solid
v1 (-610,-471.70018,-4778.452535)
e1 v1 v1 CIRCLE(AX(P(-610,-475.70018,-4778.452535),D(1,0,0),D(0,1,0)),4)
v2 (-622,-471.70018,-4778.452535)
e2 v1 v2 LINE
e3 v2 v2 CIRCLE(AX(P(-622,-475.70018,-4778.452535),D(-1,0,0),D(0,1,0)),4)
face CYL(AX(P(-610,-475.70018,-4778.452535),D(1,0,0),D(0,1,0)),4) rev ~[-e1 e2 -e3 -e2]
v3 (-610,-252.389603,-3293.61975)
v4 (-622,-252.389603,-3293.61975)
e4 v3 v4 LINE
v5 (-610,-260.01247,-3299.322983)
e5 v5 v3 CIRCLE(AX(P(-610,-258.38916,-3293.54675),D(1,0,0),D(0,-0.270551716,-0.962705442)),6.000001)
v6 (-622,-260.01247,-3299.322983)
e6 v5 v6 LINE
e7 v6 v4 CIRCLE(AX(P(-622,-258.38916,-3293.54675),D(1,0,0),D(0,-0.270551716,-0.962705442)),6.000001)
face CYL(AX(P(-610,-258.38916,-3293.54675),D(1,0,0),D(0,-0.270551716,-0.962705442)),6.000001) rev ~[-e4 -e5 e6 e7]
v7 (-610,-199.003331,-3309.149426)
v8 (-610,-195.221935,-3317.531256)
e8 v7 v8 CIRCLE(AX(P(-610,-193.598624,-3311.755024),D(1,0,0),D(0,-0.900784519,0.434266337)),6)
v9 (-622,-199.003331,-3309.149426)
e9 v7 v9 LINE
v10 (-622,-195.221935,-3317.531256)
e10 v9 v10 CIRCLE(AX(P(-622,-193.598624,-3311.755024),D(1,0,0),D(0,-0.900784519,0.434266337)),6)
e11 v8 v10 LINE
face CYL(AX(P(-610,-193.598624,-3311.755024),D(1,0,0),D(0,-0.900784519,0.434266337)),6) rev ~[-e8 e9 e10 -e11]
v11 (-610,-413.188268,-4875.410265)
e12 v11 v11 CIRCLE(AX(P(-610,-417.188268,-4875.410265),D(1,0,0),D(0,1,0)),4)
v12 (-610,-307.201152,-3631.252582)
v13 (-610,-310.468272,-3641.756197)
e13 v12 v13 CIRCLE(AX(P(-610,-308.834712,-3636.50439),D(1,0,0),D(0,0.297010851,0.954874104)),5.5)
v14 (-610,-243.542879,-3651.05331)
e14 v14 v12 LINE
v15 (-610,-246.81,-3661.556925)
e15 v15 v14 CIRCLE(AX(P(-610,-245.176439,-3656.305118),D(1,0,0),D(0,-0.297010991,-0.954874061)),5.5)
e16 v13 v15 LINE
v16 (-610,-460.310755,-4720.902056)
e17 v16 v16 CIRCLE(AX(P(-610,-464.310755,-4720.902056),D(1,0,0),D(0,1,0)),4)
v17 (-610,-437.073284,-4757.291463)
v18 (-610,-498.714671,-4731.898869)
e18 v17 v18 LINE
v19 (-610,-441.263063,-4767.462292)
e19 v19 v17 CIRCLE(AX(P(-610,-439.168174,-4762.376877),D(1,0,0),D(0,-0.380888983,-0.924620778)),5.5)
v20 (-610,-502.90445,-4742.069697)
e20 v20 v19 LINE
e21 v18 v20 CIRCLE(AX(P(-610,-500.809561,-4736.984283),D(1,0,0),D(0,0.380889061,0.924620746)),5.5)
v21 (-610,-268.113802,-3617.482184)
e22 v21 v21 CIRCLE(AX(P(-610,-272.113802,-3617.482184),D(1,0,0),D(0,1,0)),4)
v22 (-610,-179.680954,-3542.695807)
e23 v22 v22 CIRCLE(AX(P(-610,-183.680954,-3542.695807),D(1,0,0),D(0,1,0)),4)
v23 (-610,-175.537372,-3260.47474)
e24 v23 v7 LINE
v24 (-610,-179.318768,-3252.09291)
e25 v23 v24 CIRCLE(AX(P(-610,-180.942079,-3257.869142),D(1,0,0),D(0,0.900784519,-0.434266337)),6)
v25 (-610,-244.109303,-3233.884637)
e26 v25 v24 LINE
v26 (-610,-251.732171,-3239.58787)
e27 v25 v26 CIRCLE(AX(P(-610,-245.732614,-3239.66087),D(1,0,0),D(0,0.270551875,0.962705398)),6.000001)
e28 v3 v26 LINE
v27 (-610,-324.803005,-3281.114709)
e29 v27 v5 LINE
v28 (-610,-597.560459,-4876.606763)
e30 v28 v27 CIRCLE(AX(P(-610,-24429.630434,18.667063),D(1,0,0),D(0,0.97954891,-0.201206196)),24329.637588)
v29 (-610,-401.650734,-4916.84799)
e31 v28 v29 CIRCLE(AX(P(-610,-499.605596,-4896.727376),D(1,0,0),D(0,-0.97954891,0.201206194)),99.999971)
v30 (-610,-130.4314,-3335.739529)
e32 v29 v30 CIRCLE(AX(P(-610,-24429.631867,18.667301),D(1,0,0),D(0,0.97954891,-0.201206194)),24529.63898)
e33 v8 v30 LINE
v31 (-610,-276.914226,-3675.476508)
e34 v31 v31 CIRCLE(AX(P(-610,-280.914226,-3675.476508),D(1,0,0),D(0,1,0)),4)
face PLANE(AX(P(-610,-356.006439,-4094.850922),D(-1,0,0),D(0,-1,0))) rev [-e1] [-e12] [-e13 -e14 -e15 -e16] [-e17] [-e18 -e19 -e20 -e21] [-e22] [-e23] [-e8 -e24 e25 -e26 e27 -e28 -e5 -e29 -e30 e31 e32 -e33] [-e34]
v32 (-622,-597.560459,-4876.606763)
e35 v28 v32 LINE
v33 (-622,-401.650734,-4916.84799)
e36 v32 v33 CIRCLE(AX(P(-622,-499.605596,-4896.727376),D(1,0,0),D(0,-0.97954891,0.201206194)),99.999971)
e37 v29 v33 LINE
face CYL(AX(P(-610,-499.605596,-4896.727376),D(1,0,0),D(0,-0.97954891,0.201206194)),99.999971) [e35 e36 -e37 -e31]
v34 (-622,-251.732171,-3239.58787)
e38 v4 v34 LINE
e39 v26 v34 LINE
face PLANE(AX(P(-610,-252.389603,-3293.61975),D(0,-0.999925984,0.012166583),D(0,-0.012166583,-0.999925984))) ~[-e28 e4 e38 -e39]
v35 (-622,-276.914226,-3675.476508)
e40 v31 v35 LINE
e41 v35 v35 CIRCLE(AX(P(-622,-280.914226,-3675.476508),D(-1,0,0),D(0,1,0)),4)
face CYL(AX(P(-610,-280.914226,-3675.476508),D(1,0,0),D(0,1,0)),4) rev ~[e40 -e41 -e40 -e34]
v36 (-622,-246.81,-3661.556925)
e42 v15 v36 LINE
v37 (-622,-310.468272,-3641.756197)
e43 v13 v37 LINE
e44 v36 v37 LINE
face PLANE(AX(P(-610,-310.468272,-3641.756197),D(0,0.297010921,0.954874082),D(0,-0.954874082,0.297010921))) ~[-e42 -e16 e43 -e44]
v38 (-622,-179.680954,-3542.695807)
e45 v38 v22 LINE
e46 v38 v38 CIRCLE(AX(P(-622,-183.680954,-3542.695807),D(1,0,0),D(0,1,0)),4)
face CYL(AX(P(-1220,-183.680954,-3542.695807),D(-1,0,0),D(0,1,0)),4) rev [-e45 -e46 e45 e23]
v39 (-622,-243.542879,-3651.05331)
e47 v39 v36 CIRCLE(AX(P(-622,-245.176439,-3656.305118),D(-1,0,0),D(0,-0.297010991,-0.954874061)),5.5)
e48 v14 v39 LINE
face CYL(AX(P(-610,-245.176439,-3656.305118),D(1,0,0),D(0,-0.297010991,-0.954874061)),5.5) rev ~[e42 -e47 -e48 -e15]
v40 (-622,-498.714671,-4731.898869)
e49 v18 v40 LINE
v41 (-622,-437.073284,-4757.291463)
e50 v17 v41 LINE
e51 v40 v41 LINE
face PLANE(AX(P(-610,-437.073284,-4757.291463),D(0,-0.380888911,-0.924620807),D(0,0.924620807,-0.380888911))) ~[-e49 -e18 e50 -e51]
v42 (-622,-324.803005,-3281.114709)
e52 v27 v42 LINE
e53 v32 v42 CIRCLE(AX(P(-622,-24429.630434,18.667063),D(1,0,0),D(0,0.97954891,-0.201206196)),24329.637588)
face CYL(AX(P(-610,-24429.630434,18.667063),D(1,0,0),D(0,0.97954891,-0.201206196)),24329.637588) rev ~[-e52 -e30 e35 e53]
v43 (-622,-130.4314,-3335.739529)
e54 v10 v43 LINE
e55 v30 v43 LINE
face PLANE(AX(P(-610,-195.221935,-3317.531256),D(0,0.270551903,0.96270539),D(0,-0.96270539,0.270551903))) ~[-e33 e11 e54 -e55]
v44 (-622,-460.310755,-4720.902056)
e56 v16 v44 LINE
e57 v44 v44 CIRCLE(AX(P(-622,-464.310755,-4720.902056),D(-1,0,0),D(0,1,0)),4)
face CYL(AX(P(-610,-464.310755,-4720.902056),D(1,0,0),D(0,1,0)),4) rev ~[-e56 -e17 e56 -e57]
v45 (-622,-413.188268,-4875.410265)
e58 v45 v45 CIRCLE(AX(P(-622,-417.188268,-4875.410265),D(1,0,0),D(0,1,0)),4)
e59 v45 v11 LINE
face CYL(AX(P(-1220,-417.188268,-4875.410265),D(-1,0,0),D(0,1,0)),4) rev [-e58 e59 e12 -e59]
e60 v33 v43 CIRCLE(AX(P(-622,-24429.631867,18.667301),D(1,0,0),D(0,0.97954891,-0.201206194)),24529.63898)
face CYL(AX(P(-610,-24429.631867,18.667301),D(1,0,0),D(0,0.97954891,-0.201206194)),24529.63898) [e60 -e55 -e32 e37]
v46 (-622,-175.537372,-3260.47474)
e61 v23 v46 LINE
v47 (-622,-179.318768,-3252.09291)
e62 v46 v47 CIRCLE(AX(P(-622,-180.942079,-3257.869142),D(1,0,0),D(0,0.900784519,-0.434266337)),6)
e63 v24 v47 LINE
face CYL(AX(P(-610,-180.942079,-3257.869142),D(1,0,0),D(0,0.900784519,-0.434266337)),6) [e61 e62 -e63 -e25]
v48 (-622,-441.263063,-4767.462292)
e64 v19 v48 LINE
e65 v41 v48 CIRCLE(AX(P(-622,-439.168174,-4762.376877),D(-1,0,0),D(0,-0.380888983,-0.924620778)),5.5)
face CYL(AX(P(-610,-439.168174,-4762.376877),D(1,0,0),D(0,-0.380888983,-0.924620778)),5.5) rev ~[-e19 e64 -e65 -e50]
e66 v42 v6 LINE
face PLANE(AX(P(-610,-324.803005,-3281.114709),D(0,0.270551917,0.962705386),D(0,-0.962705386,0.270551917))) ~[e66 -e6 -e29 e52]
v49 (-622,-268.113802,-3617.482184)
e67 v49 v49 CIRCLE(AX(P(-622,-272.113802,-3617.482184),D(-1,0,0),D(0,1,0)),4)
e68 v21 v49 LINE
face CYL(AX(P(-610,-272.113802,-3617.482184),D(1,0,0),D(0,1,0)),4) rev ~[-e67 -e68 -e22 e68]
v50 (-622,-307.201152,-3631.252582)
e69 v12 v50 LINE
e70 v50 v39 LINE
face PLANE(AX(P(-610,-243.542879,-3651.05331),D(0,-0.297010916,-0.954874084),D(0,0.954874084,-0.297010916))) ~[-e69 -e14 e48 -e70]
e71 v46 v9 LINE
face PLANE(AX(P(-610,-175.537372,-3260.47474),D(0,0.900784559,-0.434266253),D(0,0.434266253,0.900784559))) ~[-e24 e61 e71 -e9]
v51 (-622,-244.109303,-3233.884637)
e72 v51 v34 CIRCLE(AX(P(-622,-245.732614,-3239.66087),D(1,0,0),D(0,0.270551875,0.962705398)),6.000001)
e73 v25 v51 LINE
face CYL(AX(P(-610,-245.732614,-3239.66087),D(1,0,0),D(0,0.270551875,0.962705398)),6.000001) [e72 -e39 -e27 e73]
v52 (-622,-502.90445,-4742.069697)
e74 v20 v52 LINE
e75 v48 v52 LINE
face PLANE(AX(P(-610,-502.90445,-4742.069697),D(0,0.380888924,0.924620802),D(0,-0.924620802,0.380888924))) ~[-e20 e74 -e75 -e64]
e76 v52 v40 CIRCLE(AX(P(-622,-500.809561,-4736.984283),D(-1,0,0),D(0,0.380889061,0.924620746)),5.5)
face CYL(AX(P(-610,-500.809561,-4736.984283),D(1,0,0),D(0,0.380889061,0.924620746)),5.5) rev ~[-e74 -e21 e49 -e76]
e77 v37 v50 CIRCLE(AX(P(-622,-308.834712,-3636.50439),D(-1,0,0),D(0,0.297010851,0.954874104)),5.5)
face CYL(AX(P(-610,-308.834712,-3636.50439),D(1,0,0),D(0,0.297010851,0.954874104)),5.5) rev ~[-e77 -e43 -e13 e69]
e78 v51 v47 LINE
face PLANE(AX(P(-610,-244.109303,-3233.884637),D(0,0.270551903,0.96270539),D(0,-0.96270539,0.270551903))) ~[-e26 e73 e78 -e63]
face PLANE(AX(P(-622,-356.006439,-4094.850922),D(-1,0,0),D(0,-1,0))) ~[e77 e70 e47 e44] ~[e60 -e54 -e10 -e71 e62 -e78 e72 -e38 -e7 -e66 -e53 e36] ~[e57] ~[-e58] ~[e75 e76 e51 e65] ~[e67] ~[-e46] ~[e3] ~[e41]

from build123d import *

# Parameters (mm, degrees)
PAD007_DEPTH    = 12
SKETCH017_R     = 4
POCKET003_DEPTH = 12.001
SKETCH042_R     = 4
HOLE009_DEPTH   = 610.001


with BuildPart() as side_left_bottom_part:
    # Sketch016 → Pad007 (new body)
    with BuildSketch(Plane.YZ):
        with BuildLine():
            ThreePointArc((-597.560459, -4876.606763), (-519.72621, -4994.682239), (-401.650734, -4916.84799))
            ThreePointArc((-401.650734, -4916.84799), (-253.112342, -4128.51152), (-130.4314, -3335.739529))
            Line((-195.221935, -3317.531256), (-130.4314, -3335.739529))
            ThreePointArc((-199.003331, -3309.149426), (-199.067813, -3314.222405), (-195.221935, -3317.531256))
            Line((-175.537372, -3260.47474), (-199.003331, -3309.149426))
            ThreePointArc((-175.537372, -3260.47474), (-175.47289, -3255.401761), (-179.318768, -3252.09291))
            Line((-244.109303, -3233.884637), (-179.318768, -3252.09291))
            ThreePointArc((-244.109303, -3233.884637), (-249.326998, -3234.856662), (-251.732171, -3239.58787))
            Line((-252.389603, -3293.61975), (-251.732171, -3239.58787))
            ThreePointArc((-260.01247, -3299.322983), (-254.794775, -3298.350957), (-252.389603, -3293.61975))
            Line((-324.803005, -3281.114709), (-260.01247, -3299.322983))
            ThreePointArc((-597.560459, -4876.606763), (-447.909647, -4081.129666), (-324.803005, -3281.114709))
        make_face()
    extrude(amount=PAD007_DEPTH)

    # Sketch017 → Pocket003 (cut, through all)
    with BuildSketch(Plane.YZ):
        with Locations((-464.310755, -4720.902056)):
            Circle(SKETCH017_R)
        with Locations((-475.70018, -4778.452535)):
            Circle(SKETCH017_R)
        with Locations((-272.113802, -3617.482184)):
            Circle(SKETCH017_R)
        with Locations((-280.914226, -3675.476508)):
            Circle(SKETCH017_R)
        with Locations((-130.873609, -2506.378514)):
            Circle(SKETCH017_R)
        with Locations((-137.037316, -2564.720482)):
            Circle(SKETCH017_R)
        with BuildLine():
            ThreePointArc((-63.5924, -1210.755644), (-69.621614, -1215.669765), (-64.707493, -1221.698978))
            Line((-64.707493, -1221.698978), (1.615745, -1228.457117))
            ThreePointArc((1.615745, -1228.457117), (7.644959, -1223.542997), (2.730838, -1217.513783))
            Line((2.730838, -1217.513783), (-63.5924, -1210.755644))
        make_face()
        with BuildLine():
            ThreePointArc((-33.541666, -94.499783), (-39.041666, -99.999783), (-33.541666, -105.499783))
            Line((-33.541666, -105.499783), (33.125001, -105.499783))
            ThreePointArc((33.125001, -105.499783), (38.625001, -99.999783), (33.125001, -94.499783))
            Line((33.125001, -94.499783), (-33.541666, -94.499783))
        make_face()
        with BuildLine():
            ThreePointArc((-165.386078, -2523.207318), (-171.913956, -2527.436597), (-167.684677, -2533.964476))
            Line((-167.684677, -2533.964476), (-102.489783, -2547.895382))
            ThreePointArc((-102.489783, -2547.895382), (-95.961904, -2543.666103), (-100.191183, -2537.138225))
            Line((-100.191183, -2537.138225), (-165.386078, -2523.207318))
        make_face()
        with BuildLine():
            ThreePointArc((-307.201152, -3631.252582), (-314.086519, -3634.870829), (-310.468272, -3641.756197))
            Line((-310.468272, -3641.756197), (-246.81, -3661.556925))
            ThreePointArc((-246.81, -3661.556925), (-239.924632, -3657.938678), (-243.542879, -3651.05331))
            Line((-243.542879, -3651.05331), (-307.201152, -3631.252582))
        make_face()
        with BuildLine():
            ThreePointArc((-498.714671, -4731.898869), (-505.894975, -4734.889394), (-502.90445, -4742.069697))
            Line((-502.90445, -4742.069697), (-441.263063, -4767.462292))
            ThreePointArc((-441.263063, -4767.462292), (-434.082759, -4764.471767), (-437.073284, -4757.291463))
            Line((-437.073284, -4757.291463), (-498.714671, -4731.898869))
        make_face()
    extrude(amount=POCKET003_DEPTH, mode=Mode.SUBTRACT)

    # Sketch042 (on Face1 of ShapeBinder002) → Hole009 (cut, through all)
    with BuildSketch(Plane.YZ.offset(610)):
        with Locations((-183.680954, -3542.695807)):
            Circle(SKETCH042_R)
        with Locations((-417.188268, -4875.410265)):
            Circle(SKETCH042_R)
    extrude(amount=-HOLE009_DEPTH, mode=Mode.SUBTRACT)


with BuildPart() as side_left_bottom_part_1:
    # Body008 placement: moved
    add(side_left_bottom_part.part.moved(Location((610, 0, 0))))


with BuildPart() as side_right_bottom_part:
    # Part__Mirroring004: instance of side_left_bottom_part
    add(side_left_bottom_part_1.part.mirror(Plane(origin=(0, 0, 0), x_dir=(0, -1, 0), z_dir=(1, 0, 0))))


solid = side_right_bottom_part.part
